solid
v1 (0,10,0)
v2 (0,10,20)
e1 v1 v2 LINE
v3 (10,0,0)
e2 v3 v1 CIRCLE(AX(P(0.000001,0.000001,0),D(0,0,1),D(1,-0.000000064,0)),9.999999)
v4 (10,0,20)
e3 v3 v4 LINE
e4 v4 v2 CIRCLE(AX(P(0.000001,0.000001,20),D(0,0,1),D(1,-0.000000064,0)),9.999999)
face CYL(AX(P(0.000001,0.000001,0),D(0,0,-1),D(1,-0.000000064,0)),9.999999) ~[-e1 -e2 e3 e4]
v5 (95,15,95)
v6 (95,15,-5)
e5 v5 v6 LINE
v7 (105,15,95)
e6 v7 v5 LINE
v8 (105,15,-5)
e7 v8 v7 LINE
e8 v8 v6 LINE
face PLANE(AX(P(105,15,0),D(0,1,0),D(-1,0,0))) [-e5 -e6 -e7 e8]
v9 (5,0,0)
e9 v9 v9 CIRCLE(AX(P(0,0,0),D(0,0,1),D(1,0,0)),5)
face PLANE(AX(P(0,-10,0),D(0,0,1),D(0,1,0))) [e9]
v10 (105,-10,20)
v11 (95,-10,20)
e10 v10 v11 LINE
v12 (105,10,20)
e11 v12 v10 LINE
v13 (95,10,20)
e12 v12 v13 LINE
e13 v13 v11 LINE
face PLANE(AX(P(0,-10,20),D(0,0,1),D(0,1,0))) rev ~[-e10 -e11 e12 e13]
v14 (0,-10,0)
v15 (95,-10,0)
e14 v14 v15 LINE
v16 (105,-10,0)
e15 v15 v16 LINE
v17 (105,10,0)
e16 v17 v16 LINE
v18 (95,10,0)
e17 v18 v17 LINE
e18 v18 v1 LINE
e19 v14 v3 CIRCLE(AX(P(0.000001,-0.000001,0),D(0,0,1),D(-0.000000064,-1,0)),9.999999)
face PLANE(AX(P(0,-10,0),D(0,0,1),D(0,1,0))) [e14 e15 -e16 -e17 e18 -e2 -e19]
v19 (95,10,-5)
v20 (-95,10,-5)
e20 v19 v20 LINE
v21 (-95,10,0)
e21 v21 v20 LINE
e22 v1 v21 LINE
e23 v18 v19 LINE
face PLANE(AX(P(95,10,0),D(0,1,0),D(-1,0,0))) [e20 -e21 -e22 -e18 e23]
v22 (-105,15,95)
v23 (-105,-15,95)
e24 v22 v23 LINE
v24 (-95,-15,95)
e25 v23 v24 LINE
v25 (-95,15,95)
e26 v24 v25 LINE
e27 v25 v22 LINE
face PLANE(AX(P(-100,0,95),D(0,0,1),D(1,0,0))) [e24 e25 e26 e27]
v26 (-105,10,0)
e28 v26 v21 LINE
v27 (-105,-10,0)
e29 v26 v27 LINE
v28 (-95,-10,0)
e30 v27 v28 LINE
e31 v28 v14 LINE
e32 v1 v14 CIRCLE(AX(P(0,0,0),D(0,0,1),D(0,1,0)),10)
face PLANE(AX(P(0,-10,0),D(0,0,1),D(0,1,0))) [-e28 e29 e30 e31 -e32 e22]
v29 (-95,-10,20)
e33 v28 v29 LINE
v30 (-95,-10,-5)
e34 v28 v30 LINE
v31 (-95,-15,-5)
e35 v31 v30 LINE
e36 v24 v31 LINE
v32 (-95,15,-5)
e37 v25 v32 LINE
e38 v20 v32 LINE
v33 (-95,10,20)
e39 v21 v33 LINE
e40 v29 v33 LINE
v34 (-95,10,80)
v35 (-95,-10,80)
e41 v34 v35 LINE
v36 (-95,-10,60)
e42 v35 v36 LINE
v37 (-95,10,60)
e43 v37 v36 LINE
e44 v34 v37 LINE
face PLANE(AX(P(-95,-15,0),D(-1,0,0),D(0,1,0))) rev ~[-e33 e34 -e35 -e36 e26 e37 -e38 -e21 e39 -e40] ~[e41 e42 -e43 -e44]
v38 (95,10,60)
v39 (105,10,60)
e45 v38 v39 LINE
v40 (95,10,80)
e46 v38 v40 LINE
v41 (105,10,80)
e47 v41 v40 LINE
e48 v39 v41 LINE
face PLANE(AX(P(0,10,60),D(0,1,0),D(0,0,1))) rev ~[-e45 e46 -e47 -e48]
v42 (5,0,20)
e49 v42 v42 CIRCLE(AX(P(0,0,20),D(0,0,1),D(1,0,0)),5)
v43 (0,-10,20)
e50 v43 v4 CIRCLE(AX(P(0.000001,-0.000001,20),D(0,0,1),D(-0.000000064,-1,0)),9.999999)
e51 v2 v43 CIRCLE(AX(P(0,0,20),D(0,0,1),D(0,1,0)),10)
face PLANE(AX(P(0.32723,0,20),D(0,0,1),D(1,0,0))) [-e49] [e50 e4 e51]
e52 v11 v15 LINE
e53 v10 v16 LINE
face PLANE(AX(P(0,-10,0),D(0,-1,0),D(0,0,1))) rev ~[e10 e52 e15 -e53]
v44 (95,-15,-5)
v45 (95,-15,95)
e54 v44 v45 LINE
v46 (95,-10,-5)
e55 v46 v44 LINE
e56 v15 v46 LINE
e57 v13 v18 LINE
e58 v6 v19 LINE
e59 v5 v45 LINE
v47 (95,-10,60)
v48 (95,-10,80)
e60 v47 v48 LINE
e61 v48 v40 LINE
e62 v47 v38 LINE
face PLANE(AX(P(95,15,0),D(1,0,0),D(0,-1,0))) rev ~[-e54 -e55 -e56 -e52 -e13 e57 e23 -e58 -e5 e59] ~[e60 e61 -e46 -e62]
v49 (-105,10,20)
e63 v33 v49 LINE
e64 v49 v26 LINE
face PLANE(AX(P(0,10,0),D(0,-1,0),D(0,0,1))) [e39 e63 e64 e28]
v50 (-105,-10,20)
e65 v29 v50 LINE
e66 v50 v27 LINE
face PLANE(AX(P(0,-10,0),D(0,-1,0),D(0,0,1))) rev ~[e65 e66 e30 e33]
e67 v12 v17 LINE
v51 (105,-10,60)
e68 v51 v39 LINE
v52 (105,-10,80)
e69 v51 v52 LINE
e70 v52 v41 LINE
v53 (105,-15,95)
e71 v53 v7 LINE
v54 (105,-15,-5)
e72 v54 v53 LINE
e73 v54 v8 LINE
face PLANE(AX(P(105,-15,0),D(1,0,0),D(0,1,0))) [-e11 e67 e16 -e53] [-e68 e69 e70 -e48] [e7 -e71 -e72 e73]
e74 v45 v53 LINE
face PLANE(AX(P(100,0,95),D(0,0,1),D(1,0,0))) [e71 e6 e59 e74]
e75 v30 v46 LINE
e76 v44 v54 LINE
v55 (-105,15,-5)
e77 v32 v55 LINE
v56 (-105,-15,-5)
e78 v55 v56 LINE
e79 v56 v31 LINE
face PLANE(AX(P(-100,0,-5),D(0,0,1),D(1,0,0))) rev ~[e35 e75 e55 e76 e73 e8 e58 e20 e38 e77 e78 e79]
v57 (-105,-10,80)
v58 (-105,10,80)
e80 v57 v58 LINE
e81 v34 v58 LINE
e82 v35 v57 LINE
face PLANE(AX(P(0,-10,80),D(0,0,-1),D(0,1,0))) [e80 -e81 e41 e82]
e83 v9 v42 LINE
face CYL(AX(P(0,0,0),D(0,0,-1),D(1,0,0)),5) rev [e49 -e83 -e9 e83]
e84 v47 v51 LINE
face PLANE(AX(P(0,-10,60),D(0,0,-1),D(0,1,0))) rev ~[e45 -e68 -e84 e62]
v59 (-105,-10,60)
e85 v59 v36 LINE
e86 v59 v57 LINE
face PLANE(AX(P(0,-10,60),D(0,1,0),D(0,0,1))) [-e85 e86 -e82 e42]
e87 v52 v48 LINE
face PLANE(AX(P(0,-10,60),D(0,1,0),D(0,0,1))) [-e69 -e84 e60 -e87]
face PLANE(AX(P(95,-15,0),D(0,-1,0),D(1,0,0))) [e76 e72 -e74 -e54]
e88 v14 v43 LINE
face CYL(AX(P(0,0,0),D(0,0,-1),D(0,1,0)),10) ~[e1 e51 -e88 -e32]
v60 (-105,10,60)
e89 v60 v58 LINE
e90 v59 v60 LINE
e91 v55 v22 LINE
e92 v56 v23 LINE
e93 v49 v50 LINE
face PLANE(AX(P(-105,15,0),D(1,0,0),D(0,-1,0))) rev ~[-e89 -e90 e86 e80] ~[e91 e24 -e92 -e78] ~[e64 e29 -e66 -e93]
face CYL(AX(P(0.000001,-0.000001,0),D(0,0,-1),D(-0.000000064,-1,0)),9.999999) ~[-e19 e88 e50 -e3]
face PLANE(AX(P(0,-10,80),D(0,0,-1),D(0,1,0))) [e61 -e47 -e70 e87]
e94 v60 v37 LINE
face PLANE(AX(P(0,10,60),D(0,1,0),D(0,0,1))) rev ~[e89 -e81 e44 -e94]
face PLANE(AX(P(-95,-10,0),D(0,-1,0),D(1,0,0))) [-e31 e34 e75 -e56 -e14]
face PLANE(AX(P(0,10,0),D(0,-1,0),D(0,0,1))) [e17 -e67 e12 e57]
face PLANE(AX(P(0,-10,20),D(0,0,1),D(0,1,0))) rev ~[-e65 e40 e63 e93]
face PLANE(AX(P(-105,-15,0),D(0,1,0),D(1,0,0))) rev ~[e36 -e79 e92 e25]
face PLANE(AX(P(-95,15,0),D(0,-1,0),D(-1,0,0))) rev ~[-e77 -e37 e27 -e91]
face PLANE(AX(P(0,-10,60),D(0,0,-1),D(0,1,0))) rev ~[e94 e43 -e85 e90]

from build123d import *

# Parameters (mm, degrees)
F0_R     = 5
F2_DEPTH = 5
F3_DEPTH = 95
F1_W     = 20
F1_H     = 20
F4_DEPTH = 200
F5_DEPTH = 20


with BuildPart() as f2:
    # F0 (on Top) → F2 (new body)
    with BuildSketch(Plane.XY):
        Polygon((-95, -10), (-95, 10), (-95, 15), (-105, 15), (-105, -15), (-95, -15), align=None)
        with BuildLine():
            ThreePointArc((0, -10), (-10, 0), (0, 10))
            Line((0, 10), (-95, 10))
            Line((-95, 10), (-95, -10))
            Line((-95, -10), (0, -10))
        make_face()
        with BuildLine():
            ThreePointArc((0, 10), (7.071068, 7.071068), (10, 0))
            ThreePointArc((10, 0), (7.071068, -7.071068), (0, -10))
            Line((0, -10), (95, -10))
            Line((95, -10), (95, 10))
            Line((95, 10), (0, 10))
        make_face()
        Polygon((95, 15), (95, 10), (95, -10), (95, -15), (105, -15), (105, 15), align=None)
        with BuildLine():
            ThreePointArc((0, -10), (7.071068, -7.071068), (10, 0))
            ThreePointArc((10, 0), (7.071068, 7.071068), (0, 10))
            ThreePointArc((0, 10), (-10, 0), (0, -10))
        make_face()
        Circle(F0_R, mode=Mode.SUBTRACT)
        Circle(F0_R)
    extrude(amount=-F2_DEPTH)

    # F0 (on Top) → F3 (join)
    with BuildSketch(Plane.XY):
        Polygon((-95, -10), (-95, 10), (-95, 15), (-105, 15), (-105, -15), (-95, -15), align=None)
        Polygon((95, 15), (95, 10), (95, -10), (95, -15), (105, -15), (105, 15), align=None)
    extrude(amount=F3_DEPTH)

    # F1 (on Right) → F4 (cut, symmetric)
    with BuildSketch(Plane.YZ):
        with Locations((0, 10)):
            Rectangle(F1_W, F1_H)
        with Locations((0, 70)):
            Rectangle(F1_W, F1_H)
    extrude(amount=F4_DEPTH, both=True, mode=Mode.SUBTRACT)

    # F0 (on Top) → F5 (join)
    with BuildSketch(Plane.XY):
        with BuildLine():
            ThreePointArc((0, -10), (7.071068, -7.071068), (10, 0))
            ThreePointArc((10, 0), (7.071068, 7.071068), (0, 10))
            ThreePointArc((0, 10), (-10, 0), (0, -10))
        make_face()
        Circle(F0_R, mode=Mode.SUBTRACT)
    extrude(amount=F5_DEPTH)


solid = f2.part
